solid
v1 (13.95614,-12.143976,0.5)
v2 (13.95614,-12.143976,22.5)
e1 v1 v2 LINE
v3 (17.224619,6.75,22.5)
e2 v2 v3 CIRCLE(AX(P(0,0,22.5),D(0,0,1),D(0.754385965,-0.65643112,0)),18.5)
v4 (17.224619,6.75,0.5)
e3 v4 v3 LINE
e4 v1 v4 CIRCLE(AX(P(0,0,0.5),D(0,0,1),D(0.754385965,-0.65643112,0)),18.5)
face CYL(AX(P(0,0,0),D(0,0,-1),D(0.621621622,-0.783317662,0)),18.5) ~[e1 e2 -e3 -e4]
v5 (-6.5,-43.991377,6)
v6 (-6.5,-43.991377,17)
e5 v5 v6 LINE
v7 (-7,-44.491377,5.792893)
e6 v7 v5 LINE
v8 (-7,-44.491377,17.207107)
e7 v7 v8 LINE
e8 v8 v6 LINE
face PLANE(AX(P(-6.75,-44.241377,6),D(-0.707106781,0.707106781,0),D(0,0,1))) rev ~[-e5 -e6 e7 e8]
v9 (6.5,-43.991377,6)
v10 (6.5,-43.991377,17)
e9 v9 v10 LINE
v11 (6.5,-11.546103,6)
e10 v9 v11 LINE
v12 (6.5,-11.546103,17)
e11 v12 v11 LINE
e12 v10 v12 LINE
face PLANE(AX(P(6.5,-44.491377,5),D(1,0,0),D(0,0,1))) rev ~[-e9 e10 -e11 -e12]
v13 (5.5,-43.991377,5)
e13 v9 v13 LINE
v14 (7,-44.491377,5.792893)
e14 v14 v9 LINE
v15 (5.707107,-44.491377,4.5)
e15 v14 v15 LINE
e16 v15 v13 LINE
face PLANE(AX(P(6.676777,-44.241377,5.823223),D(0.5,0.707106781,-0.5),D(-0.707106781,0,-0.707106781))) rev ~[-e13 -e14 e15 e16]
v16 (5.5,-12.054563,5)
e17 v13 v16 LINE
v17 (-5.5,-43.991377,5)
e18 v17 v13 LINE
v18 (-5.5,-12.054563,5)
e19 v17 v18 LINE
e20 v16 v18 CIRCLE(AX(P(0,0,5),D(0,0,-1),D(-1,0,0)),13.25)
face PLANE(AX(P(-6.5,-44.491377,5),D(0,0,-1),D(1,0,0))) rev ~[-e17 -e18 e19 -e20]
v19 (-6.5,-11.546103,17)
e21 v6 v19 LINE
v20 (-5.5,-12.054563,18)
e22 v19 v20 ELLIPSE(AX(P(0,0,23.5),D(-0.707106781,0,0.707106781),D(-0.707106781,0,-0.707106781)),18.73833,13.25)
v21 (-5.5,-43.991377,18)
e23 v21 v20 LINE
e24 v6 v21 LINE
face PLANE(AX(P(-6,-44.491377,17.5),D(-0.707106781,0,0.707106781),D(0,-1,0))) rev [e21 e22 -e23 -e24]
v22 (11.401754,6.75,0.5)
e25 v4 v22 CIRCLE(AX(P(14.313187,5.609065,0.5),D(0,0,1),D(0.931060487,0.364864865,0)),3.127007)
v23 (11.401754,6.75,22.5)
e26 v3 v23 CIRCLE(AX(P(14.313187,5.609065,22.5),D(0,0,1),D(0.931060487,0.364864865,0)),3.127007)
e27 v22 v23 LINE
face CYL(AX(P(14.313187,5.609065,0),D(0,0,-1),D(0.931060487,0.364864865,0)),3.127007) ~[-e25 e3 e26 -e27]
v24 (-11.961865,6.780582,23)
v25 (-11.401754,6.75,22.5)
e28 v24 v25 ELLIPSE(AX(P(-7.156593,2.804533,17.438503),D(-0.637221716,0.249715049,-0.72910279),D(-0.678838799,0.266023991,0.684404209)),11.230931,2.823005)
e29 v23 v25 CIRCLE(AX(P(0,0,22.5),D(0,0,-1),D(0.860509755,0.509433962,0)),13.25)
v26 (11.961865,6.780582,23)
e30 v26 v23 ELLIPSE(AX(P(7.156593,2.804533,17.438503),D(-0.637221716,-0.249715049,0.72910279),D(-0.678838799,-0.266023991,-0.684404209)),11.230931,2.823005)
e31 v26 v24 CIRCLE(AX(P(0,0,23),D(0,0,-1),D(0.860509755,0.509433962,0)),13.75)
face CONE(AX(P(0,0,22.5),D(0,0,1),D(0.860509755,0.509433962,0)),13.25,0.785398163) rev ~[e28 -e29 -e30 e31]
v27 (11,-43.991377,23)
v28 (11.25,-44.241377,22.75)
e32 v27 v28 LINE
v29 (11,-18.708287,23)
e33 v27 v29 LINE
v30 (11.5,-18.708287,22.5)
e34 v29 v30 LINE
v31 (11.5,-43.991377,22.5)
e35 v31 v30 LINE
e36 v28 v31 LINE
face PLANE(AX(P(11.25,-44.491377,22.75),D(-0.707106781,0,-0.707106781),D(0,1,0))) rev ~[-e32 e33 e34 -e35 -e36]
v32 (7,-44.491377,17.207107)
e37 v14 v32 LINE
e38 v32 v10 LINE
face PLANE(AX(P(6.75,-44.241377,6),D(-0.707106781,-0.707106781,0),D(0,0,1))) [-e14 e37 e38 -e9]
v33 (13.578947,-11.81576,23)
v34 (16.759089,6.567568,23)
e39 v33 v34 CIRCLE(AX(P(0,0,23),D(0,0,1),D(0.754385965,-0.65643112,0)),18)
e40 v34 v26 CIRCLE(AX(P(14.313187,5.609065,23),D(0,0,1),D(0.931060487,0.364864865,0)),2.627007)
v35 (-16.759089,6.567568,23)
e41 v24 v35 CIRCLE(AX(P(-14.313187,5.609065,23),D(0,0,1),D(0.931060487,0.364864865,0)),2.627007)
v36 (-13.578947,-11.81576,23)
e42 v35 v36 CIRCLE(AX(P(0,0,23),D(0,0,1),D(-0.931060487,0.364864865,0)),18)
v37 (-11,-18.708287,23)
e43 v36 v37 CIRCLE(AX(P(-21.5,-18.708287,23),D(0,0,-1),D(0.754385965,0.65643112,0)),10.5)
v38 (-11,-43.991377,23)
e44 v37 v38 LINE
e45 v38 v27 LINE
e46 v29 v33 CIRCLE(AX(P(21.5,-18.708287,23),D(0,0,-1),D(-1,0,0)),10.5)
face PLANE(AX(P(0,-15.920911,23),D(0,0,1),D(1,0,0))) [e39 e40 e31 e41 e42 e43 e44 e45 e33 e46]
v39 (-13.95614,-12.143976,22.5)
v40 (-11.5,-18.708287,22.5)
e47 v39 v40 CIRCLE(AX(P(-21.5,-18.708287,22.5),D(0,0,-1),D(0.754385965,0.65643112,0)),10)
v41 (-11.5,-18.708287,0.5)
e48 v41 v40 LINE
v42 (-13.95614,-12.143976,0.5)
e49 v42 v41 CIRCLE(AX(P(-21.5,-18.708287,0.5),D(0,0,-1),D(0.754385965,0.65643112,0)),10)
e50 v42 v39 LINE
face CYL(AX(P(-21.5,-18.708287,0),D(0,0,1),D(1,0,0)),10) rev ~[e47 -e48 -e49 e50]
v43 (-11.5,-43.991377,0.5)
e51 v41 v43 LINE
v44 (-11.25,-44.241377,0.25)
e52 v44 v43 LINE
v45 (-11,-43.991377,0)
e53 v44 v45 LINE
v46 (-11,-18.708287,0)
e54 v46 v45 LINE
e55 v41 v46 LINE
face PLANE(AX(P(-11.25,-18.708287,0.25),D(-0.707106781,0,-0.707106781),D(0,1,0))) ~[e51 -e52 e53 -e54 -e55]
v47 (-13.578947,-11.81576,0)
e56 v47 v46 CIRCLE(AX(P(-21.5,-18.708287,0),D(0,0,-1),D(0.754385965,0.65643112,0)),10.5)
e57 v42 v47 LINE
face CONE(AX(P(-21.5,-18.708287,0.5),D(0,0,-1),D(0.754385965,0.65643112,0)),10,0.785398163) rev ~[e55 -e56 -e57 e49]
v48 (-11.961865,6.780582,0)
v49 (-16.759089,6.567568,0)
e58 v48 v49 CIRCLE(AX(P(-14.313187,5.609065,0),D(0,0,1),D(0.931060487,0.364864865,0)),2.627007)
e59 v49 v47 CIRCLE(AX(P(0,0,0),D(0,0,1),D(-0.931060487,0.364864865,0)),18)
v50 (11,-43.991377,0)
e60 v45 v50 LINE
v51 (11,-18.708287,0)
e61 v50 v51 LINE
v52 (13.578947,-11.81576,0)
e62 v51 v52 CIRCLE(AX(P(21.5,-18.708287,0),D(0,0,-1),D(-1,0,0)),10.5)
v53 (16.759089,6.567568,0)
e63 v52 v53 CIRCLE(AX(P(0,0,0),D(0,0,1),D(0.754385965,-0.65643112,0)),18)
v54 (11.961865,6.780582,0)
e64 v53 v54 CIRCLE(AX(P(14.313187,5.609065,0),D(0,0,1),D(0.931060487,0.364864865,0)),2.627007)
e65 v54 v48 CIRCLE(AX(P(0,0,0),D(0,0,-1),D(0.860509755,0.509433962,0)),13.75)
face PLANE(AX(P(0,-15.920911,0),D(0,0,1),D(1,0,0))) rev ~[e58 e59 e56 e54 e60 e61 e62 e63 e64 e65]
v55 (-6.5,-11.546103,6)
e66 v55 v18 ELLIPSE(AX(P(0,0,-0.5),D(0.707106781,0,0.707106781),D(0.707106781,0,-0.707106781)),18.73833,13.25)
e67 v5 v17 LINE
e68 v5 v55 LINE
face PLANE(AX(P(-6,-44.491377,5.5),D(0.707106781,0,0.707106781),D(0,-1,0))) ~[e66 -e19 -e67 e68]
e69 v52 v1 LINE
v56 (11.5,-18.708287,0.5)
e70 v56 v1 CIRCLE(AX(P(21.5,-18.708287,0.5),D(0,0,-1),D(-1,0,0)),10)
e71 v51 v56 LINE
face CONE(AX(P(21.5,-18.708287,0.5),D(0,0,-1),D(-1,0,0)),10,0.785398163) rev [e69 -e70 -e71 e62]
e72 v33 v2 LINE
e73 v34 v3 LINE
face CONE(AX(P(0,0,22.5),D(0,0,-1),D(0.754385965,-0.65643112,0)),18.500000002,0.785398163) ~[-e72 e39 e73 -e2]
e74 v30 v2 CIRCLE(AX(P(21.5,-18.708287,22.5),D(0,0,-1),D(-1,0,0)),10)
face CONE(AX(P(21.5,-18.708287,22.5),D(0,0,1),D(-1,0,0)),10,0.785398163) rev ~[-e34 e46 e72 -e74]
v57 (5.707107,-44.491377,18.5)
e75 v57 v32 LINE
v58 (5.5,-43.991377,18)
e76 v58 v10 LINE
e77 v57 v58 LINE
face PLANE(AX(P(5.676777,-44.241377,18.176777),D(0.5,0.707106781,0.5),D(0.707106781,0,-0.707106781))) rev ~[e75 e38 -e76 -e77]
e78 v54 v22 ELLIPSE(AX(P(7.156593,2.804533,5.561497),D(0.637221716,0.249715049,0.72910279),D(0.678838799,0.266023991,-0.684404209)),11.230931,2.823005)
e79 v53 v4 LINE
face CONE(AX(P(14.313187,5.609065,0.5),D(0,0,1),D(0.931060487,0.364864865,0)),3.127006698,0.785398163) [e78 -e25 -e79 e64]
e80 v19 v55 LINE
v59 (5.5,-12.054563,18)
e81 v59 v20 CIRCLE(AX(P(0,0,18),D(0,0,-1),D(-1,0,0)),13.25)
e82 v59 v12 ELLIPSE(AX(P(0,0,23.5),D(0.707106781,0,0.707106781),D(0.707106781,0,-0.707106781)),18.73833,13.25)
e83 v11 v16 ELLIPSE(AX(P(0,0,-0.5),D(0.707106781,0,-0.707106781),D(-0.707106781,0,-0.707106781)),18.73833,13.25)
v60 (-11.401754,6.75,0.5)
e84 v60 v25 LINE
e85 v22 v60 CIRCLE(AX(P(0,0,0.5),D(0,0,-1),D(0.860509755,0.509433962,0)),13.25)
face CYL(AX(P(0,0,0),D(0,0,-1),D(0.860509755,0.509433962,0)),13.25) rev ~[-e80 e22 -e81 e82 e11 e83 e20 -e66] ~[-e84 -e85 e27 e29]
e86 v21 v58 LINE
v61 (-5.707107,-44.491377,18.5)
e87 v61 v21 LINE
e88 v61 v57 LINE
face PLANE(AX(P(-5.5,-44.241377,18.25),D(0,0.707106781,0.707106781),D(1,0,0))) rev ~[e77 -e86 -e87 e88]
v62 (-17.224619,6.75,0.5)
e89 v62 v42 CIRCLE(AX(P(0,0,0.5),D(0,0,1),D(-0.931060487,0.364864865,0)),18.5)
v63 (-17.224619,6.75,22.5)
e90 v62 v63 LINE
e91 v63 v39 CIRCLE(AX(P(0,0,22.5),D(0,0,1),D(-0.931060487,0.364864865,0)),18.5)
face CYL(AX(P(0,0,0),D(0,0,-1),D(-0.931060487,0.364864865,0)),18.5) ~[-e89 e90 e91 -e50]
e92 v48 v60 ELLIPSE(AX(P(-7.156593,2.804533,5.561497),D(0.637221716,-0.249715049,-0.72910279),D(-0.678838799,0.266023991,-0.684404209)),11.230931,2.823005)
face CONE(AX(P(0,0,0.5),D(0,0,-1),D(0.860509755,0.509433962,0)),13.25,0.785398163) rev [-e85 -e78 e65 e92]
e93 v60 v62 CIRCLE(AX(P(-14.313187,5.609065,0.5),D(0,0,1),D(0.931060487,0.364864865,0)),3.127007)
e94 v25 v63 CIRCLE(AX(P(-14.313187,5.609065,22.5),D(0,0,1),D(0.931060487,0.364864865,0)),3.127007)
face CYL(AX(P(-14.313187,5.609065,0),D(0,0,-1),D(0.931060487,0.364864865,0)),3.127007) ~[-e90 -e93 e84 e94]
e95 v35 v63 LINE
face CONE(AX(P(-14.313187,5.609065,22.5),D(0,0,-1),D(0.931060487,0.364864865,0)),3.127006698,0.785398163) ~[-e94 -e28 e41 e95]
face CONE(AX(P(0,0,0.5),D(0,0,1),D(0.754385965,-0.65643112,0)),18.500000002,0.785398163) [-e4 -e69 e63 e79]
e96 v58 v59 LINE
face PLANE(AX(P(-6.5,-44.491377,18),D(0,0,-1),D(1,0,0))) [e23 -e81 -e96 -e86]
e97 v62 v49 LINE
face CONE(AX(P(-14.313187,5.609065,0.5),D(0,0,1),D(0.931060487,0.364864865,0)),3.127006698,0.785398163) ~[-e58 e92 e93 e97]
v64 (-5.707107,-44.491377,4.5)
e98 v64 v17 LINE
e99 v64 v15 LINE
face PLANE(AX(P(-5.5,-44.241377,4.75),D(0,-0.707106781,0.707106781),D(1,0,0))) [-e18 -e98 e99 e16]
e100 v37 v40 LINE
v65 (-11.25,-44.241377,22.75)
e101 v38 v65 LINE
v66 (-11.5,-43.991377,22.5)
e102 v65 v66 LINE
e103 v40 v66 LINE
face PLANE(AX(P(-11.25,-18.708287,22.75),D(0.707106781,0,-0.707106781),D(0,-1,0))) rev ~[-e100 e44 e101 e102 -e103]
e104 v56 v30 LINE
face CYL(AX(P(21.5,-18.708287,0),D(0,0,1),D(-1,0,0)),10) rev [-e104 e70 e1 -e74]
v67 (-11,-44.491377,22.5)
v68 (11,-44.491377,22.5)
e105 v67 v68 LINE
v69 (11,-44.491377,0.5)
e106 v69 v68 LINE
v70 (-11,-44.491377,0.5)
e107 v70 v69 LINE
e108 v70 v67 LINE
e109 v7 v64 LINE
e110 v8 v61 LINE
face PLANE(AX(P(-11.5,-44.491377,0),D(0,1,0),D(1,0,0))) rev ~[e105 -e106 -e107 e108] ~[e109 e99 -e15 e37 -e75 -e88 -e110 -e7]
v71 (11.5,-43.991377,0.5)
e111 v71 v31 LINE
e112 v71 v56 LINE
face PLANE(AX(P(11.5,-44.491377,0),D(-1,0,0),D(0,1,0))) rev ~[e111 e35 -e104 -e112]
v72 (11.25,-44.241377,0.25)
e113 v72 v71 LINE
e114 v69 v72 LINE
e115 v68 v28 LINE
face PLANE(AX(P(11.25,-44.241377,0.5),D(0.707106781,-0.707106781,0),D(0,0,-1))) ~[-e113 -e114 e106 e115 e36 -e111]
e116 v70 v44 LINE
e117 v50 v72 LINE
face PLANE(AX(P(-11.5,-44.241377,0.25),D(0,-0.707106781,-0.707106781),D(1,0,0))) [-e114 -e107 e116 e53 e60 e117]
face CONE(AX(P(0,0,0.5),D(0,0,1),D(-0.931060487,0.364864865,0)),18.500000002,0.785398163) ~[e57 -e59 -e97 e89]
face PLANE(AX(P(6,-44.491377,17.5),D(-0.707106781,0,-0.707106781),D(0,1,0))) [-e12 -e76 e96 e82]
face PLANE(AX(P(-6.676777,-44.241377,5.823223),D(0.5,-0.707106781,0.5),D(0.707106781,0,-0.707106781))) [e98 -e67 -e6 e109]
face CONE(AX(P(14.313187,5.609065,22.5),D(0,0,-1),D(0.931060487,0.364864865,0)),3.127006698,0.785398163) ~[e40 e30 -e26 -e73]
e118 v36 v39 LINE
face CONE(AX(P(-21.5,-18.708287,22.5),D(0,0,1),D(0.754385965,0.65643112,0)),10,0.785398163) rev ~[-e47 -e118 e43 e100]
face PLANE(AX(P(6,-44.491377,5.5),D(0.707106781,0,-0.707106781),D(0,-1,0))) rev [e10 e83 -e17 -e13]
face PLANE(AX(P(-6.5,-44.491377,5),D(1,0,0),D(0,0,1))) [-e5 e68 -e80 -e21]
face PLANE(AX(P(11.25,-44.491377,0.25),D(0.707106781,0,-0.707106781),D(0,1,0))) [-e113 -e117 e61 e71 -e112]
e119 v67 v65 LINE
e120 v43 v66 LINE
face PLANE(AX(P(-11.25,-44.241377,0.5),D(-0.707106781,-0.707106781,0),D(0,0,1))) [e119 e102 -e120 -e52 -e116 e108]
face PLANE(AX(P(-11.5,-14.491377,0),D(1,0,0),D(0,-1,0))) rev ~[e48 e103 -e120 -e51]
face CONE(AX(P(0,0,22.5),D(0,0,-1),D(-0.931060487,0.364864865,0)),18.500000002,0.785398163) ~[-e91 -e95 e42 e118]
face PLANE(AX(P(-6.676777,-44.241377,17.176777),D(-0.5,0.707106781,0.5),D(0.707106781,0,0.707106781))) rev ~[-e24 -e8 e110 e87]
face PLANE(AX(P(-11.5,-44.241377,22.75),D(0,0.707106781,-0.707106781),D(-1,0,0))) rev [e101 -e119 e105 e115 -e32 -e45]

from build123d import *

# Parameters (mm, degrees)
BOSS_EXTRUDE1_DEPTH     = 23
FILLET1_R               = 10
CHAMFER1_SIZE           = 0.5
CUT_EXTRUDE1_REACH      = 62.864
CUT_EXTRUDE1_END_RADIUS = 13.25
SKETCH2_W               = 13
SKETCH2_H               = 13
CHAMFER2_SIZE           = 1
CHAMFER3_SIZE           = 0.5


with BuildPart() as part:
    # Sketch1 → Boss-Extrude1 (new body)
    with BuildSketch(Plane.XY):
        with BuildLine():
            Line((-11.5, -14.491376746), (-11.5, -44.491376746))
            Line((-11.5, -44.491376746), (11.5, -44.491376746))
            Line((11.5, -44.491376746), (11.5, -14.491376746))
            ThreePointArc((11.5, -14.491376746), (17.862669336, -4.814046549), (17.224619009, 6.75))
            ThreePointArc((17.224619009, 6.75), (14.31318663, 8.736071822), (11.401754251, 6.75))
            ThreePointArc((11.401754251, 6.75), (0, -13.25), (-11.401754251, 6.75))
            ThreePointArc((-11.401754251, 6.75), (-14.31318663, 8.736071822), (-17.224619009, 6.75))
            ThreePointArc((-17.224619009, 6.75), (-17.862669336, -4.814046549), (-11.5, -14.491376746))
        make_face()
    extrude(amount=BOSS_EXTRUDE1_DEPTH)

    # Fillet1
    fillet1_edges = [part.edges().sort_by_distance(p)[0] for p in [
        (-11.5, -14.491376746, 11.5),
        (11.5, -14.491376746, 11.5),
    ]]
    fillet(fillet1_edges, radius=FILLET1_R)

    # Chamfer1
    chamfer1_edges = [part.edges().sort_by_distance(p)[0] for p in [
        (0, -13.25, 0),
        (14.31318663, 8.736071822, 0),
        (11.5, -31.59983184, 0),
        (14.31318663, 8.736071822, 23),
        (0, -13.25, 23),
        (-14.31318663, 8.736071822, 23),
        (-18.229248977, -3.153487233, 23),
        (-11.5, -31.59983184, 0),
        (-11.5, -31.59983184, 23),
        (18.229248977, -3.153487233, 0),
        (18.229248977, -3.153487233, 23),
        (-12.134141884, -15.203903714, 0),
        (-12.134141884, -15.203903714, 23),
        (12.134141884, -15.203903714, 0),
        (12.134141884, -15.203903714, 23),
        (0, -44.491376746, 23),
        (11.5, -31.59983184, 23),
        (0, -44.491376746, 0),
        (-18.229248977, -3.153487233, 0),
        (-14.31318663, 8.736071822, 0),
    ]]
    chamfer(chamfer1_edges, length=CHAMFER1_SIZE)

    # Cut-Extrude1: up to this cylinder (the profile starts outside it)
    cut_extrude1_end = Plane(origin=(0, 0, 11.5), z_dir=(0, 0, -1)) * Cylinder(CUT_EXTRUDE1_END_RADIUS, 153.228, mode=Mode.PRIVATE)
    # Sketch2 → Cut-Extrude1 (cut, up to the surface)
    with BuildSketch(Plane.XZ.offset(44.491376746), mode=Mode.PRIVATE) as cut_extrude1_sk1:
        with Locations((0, 11.5)):
            Rectangle(SKETCH2_W, SKETCH2_H)
    cut_extrude1_tool1 = extrude(cut_extrude1_sk1.sketch, amount=-CUT_EXTRUDE1_REACH, mode=Mode.PRIVATE) - cut_extrude1_end
    add(cut_extrude1_tool1.solids().sort_by_distance((0, -44.491377, 11.5))[0], mode=Mode.SUBTRACT)

    # Chamfer2
    chamfer2_edges = [part.edges().sort_by_distance(p)[0] for p in [
        (-6.5, -28.018739992, 5),
        (-6.5, -28.018739992, 18),
        (6.5, -28.018739992, 18),
        (6.5, -28.018739992, 5),
    ]]
    chamfer(chamfer2_edges, length=CHAMFER2_SIZE)

    # Chamfer3
    chamfer3_edges = [part.edges().sort_by_distance(p)[0] for p in [
        (0, -44.491376746, 5),
        (-6.5, -44.491376746, 11.5),
        (6.5, -44.491376746, 11.5),
        (0, -44.491376746, 18),
        (-6, -44.491376746, 5.5),
        (6, -44.491376746, 5.5),
        (6, -44.491376746, 17.5),
        (-6, -44.491376746, 17.5),
        (-11.5, -44.491376746, 11.5),
        (11.5, -44.491376746, 11.5),
    ]]
    chamfer(chamfer3_edges, length=CHAMFER3_SIZE)


solid = part.part
